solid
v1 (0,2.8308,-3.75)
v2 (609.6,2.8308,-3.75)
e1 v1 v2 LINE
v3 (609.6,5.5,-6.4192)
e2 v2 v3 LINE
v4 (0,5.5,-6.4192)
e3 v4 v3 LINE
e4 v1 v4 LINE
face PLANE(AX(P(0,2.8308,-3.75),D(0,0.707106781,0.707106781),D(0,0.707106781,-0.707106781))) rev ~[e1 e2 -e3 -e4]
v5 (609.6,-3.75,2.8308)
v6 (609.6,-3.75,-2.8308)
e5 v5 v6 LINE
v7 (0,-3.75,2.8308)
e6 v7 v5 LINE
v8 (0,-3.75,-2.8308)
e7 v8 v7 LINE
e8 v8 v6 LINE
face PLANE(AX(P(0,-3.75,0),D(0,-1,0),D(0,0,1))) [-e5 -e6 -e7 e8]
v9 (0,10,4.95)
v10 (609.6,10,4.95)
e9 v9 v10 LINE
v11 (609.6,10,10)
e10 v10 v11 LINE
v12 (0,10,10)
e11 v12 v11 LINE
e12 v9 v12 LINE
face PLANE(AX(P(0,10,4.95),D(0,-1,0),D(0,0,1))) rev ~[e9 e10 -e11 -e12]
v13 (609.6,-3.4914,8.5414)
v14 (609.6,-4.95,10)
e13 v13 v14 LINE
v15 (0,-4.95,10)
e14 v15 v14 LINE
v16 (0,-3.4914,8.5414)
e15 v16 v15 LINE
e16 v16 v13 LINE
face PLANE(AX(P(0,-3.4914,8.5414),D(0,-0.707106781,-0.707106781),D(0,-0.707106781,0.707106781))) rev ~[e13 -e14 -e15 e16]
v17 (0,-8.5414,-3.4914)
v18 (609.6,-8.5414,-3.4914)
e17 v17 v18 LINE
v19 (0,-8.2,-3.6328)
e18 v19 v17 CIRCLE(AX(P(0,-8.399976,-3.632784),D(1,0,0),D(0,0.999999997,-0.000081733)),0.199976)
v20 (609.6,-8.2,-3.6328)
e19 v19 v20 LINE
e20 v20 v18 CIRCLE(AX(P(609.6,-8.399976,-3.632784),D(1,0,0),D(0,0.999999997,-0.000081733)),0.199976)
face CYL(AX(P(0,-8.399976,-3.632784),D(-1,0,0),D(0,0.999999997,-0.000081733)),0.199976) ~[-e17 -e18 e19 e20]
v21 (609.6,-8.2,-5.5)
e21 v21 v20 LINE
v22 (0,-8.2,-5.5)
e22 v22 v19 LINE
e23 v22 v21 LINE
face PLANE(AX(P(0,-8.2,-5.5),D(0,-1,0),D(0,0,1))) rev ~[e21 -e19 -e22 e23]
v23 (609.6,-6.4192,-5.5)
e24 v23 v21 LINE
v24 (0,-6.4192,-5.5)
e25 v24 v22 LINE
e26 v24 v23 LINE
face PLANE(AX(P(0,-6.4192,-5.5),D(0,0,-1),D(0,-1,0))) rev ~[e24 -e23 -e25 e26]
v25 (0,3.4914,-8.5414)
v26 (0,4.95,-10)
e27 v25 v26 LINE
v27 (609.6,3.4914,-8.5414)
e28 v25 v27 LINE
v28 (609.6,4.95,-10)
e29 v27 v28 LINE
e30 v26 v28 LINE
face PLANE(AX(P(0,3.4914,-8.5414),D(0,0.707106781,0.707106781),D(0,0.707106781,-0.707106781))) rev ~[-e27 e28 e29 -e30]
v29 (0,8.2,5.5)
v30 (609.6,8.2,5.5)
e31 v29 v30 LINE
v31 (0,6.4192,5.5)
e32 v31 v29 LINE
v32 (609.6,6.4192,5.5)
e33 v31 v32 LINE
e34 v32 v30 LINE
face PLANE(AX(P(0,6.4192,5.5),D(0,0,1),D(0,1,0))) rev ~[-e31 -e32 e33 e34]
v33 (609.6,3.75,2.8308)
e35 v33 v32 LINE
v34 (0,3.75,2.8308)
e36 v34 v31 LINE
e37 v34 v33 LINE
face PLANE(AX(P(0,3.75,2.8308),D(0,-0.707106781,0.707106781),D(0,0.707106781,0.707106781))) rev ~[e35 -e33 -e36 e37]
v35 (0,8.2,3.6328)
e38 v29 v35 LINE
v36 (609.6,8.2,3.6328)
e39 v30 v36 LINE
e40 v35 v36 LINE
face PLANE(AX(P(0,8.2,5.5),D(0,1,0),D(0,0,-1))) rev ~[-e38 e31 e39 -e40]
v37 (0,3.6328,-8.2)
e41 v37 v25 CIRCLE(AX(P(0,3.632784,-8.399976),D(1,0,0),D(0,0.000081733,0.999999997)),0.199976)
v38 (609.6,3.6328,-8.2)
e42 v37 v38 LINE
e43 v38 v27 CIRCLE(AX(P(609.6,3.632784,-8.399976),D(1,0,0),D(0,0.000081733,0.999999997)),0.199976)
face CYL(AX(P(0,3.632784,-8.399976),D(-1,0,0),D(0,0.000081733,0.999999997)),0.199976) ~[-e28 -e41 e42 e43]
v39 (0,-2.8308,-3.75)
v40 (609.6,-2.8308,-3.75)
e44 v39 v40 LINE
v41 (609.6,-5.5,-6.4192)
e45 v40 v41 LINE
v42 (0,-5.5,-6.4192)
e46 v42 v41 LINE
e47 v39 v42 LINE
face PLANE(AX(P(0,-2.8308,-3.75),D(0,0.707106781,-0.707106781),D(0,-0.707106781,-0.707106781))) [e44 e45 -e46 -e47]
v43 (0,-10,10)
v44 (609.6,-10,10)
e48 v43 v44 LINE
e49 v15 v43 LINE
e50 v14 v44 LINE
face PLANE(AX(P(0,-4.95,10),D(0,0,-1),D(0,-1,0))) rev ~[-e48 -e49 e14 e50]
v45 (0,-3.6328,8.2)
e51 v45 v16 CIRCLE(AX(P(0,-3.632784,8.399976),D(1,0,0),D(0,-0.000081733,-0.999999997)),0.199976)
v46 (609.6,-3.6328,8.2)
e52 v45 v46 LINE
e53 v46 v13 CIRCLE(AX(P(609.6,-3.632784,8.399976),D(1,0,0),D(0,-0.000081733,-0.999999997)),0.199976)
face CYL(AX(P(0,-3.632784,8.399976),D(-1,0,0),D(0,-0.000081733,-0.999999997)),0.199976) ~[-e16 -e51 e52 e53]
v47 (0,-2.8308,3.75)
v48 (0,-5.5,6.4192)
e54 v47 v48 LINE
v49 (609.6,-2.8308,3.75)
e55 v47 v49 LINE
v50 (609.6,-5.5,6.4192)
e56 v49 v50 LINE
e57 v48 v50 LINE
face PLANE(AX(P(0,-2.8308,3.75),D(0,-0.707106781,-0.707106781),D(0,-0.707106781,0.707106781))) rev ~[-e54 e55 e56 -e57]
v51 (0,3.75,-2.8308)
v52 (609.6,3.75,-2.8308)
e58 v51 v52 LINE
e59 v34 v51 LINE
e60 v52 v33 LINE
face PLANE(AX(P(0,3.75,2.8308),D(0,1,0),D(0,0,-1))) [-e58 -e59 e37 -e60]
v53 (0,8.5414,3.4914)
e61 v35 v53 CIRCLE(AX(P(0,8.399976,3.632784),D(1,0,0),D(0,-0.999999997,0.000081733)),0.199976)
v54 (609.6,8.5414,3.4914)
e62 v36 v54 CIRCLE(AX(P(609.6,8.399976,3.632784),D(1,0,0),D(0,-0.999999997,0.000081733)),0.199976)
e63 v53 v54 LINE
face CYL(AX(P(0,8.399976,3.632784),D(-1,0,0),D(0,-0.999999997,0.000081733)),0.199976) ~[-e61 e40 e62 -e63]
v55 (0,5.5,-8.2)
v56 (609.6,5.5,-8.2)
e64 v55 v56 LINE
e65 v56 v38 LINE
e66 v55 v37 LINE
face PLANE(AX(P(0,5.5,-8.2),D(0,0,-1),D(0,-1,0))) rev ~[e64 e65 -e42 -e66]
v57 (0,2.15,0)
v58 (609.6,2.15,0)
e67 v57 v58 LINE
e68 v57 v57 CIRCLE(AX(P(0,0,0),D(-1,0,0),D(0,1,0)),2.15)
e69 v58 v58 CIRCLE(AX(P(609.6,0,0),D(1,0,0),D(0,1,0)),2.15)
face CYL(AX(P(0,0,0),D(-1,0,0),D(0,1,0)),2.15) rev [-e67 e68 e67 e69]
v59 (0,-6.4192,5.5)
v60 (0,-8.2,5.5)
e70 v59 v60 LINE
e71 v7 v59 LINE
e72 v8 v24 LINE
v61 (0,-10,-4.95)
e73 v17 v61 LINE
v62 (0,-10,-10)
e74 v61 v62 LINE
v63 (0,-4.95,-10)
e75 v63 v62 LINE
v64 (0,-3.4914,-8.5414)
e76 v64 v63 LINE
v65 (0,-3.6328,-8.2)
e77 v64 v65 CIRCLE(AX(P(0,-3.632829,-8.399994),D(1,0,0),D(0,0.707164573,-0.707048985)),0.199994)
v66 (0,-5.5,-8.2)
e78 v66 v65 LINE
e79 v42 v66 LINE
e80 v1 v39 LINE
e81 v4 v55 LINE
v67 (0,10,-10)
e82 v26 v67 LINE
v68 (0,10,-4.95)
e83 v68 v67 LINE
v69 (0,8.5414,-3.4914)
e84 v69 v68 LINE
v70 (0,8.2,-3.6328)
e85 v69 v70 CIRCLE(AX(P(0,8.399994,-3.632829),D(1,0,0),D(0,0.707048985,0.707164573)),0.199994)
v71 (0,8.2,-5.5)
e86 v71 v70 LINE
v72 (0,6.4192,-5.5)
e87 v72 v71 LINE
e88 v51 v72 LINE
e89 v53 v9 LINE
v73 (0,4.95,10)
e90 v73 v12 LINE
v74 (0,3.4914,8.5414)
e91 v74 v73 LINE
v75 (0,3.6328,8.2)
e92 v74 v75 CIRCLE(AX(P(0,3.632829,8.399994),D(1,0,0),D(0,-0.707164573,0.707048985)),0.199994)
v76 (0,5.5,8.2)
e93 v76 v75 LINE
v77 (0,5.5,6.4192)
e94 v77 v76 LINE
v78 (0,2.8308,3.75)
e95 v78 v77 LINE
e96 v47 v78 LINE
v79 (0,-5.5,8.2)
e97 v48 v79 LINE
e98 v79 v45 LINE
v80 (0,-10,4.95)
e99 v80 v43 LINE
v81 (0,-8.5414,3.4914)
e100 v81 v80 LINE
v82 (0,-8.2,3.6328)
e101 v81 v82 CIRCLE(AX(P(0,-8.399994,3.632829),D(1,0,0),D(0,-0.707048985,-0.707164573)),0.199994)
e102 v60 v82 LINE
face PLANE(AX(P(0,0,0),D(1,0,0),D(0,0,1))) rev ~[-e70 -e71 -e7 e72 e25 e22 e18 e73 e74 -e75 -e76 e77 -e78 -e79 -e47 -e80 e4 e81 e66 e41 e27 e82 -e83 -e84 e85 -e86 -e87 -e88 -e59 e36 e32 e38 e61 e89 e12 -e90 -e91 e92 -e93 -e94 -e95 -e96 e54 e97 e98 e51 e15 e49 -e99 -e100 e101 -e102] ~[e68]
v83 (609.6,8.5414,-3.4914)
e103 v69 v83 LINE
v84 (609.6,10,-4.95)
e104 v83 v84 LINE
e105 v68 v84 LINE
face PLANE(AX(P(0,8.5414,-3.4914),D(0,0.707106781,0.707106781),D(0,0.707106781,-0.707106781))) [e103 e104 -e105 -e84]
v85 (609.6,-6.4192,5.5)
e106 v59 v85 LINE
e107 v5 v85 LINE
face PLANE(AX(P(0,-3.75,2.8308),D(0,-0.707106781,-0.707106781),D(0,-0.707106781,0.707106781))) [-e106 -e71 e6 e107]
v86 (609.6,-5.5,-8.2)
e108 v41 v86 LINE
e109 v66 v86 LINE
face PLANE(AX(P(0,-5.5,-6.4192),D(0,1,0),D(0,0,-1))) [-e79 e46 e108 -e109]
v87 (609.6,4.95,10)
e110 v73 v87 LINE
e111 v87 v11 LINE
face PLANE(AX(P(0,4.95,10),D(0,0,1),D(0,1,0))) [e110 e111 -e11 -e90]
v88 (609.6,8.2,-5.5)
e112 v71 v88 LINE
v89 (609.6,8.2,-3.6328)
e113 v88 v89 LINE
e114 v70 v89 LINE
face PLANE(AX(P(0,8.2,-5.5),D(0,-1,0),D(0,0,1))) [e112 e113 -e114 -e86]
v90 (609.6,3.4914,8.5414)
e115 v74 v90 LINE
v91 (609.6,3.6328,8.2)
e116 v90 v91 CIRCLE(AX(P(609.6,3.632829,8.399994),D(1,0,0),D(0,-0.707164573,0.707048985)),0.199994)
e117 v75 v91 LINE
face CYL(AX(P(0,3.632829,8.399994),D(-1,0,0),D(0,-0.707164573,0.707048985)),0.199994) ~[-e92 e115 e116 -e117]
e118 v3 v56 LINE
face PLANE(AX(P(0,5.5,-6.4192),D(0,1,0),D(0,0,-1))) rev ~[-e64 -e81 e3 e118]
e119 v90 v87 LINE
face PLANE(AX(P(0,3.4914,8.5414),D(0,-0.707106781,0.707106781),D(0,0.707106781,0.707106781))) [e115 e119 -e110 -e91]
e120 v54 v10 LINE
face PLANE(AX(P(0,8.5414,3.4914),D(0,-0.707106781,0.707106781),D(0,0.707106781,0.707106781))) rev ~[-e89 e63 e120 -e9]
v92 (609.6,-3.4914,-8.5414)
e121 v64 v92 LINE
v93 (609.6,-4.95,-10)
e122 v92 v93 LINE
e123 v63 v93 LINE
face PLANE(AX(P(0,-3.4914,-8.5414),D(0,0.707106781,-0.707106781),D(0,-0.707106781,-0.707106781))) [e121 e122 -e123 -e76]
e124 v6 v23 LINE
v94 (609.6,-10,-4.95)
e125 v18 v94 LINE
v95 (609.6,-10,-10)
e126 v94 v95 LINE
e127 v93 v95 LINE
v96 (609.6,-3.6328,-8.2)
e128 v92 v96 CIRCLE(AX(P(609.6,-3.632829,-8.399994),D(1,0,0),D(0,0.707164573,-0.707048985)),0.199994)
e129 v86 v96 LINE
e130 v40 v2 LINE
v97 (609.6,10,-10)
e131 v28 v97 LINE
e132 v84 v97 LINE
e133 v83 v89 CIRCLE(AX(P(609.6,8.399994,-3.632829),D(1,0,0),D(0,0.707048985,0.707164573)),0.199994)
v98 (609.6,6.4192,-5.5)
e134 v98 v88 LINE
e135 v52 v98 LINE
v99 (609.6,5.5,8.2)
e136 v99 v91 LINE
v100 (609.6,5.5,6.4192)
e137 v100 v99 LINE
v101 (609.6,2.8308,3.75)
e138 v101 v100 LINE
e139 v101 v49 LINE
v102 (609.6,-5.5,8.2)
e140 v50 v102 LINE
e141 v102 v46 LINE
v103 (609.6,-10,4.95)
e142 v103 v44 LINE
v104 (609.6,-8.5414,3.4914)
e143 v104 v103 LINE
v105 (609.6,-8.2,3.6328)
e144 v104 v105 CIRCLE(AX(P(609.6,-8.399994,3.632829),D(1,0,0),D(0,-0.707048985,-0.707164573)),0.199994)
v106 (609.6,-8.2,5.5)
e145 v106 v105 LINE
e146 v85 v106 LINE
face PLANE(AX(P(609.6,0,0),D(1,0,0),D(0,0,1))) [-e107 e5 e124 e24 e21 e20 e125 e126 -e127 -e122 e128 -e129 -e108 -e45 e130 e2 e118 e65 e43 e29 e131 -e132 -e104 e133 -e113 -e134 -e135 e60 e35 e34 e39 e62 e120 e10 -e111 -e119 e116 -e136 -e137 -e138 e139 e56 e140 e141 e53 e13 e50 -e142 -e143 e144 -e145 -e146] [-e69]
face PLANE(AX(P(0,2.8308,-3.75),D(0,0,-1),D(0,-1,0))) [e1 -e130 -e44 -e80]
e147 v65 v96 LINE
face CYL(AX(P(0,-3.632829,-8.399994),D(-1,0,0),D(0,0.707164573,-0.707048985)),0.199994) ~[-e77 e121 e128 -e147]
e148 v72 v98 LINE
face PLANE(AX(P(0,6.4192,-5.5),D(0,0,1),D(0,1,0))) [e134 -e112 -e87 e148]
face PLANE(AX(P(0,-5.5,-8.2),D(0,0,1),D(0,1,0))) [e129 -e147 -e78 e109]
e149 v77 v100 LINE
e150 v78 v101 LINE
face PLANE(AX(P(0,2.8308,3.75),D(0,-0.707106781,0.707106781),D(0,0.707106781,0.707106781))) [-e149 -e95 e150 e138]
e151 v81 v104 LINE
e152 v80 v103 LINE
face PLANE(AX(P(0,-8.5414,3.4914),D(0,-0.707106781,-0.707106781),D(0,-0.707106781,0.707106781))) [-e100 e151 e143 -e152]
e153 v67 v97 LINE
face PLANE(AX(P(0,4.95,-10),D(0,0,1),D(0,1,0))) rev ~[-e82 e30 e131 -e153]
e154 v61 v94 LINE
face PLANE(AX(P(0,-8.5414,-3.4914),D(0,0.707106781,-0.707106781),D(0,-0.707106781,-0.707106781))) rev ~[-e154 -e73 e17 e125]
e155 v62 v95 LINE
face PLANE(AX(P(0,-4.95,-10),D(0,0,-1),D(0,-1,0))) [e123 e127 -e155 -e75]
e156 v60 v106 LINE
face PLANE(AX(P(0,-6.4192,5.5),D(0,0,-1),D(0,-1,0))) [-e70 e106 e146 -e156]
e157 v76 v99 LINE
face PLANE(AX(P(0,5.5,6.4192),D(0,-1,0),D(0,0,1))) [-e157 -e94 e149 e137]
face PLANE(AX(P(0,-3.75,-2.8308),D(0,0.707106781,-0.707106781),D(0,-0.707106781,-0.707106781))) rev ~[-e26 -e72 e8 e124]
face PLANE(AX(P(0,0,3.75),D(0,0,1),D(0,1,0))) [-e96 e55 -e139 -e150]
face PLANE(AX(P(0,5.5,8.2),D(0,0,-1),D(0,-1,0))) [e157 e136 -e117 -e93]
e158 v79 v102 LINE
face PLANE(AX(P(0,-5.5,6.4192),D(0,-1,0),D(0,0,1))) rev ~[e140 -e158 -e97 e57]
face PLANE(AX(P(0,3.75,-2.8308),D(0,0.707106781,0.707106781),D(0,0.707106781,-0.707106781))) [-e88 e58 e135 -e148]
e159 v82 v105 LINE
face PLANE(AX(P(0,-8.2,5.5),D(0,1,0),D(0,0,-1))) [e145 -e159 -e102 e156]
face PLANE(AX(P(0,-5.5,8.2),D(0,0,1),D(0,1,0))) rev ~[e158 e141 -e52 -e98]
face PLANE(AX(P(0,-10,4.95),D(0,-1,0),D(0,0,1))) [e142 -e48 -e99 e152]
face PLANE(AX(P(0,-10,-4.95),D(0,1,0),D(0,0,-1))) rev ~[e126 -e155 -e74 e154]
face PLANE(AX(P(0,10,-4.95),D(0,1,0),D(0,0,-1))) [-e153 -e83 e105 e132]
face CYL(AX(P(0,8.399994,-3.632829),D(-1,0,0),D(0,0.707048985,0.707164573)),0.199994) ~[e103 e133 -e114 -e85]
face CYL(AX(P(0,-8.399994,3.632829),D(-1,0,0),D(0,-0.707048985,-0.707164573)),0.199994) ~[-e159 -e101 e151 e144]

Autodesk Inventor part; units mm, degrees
ref_plane "YZ Plane" through (0, 0, 0) normal (1, 0, 0) x (0, 1, 0)
ref_plane "XZ Plane" through (0, 0, 0) normal (0, 1, 0) x (-1, 0, 0)
sketch "Sketch1" plane through (0, 0, 0) normal (1, 0, 0) x (0, 1, 0)
  arc A0 (0, -2.15) -> (2.15, 0) centre (0, 0) ccw
  line L0 (3.75, 0) -> (3.75, -2.8308)
  line L1 (2.8308, -3.75) -> (0, -3.75)
  line L2 (0, 0) -> (10, 0) construction
  line L3 (10, 0) -> (10, -10) construction
  line L4 (10, -10) -> (0, -10) construction
  line L5 (0, -10) -> (0, 0) construction
  line L6 (3.75, -2.8308) -> (6.4192, -5.5)
  line L7 (2.8308, -3.75) -> (5.5, -6.4192)
  line L8 (5.5, -6.4192) -> (5.5, -8.2)
  line L9 (5.5, -8.2) -> (3.15, -8.2)
  line L10 (0, 0) -> (5.5, 0) construction
  line L11 (5.5, 0) -> (5.5, -5.5) construction
  line L12 (5.5, -5.5) -> (0, -5.5) construction
  line L13 (0, -5.5) -> (0, 0) construction
  line L14 (6.4192, -5.5) -> (8.2, -5.5)
  line L15 (3.4914, -8.5414) -> (4.95, -10)
  line L16 (3.6328, -8.2) -> (5.6956, -8.2) construction
  line L17 (8.2, -5.5) -> (8.2, -3.6328)
  line L18 (8.5414, -3.4914) -> (10, -4.95)
  line L19 (10, -4.95) -> (10, -10)
  line L20 (4.95, -10) -> (10, -10)
  arc A1 (2.15, 0) -> (0, -2.15) centre (0, 0) ccw construction
  arc A2 (3.6328, -8.2) -> (3.4914, -8.5414) centre (3.6328, -8.4) ccw
  arc A3 (8.5414, -3.4914) -> (8.2, -3.6328) centre (8.4, -3.6328) ccw
  line L21 (3.75, 0) -> (2.15, 0)
  line L22 (0, -2.15) -> (0, -3.75)
  point P0 (8.2, -3.15)
  dimension "d0" = 4.3
  dimension "d1" = 3.75
  dimension "d2" = 3.75
  dimension "d5" = 10
  dimension "d6" = 10
  dimension "d10" = 5.5
  dimension "d11" = 5.5
  dimension "d12" = 1.8
  dimension "d14" = 1.3
  dimension "d15" = 45
  dimension "d16" = 3.15
  dimension "d17" = 45
  dimension "d18" = 3.15
  dimension "d19" = 1.8
  dimension "d20" = 0.2
extrude "Extrusion1" add sketch "Sketch1" along normal blind 609.6
pattern_circular "Circular Pattern1" count 4 over 360 about axis through (0, 0, 0) along (-1, 0, 0) of "Extrusion1"
ref_plane "Work Plane1" through (0, 4.95, 0) normal (0, 0, 1) x (1, 0, 0)
equation "\"d2\" = d1"
equation "\"d18\" = d16"
equation "\"d19\" = d12"
properties part number "VSlot Extrusion 20x20x650mm" material "Aluminum 6061"
